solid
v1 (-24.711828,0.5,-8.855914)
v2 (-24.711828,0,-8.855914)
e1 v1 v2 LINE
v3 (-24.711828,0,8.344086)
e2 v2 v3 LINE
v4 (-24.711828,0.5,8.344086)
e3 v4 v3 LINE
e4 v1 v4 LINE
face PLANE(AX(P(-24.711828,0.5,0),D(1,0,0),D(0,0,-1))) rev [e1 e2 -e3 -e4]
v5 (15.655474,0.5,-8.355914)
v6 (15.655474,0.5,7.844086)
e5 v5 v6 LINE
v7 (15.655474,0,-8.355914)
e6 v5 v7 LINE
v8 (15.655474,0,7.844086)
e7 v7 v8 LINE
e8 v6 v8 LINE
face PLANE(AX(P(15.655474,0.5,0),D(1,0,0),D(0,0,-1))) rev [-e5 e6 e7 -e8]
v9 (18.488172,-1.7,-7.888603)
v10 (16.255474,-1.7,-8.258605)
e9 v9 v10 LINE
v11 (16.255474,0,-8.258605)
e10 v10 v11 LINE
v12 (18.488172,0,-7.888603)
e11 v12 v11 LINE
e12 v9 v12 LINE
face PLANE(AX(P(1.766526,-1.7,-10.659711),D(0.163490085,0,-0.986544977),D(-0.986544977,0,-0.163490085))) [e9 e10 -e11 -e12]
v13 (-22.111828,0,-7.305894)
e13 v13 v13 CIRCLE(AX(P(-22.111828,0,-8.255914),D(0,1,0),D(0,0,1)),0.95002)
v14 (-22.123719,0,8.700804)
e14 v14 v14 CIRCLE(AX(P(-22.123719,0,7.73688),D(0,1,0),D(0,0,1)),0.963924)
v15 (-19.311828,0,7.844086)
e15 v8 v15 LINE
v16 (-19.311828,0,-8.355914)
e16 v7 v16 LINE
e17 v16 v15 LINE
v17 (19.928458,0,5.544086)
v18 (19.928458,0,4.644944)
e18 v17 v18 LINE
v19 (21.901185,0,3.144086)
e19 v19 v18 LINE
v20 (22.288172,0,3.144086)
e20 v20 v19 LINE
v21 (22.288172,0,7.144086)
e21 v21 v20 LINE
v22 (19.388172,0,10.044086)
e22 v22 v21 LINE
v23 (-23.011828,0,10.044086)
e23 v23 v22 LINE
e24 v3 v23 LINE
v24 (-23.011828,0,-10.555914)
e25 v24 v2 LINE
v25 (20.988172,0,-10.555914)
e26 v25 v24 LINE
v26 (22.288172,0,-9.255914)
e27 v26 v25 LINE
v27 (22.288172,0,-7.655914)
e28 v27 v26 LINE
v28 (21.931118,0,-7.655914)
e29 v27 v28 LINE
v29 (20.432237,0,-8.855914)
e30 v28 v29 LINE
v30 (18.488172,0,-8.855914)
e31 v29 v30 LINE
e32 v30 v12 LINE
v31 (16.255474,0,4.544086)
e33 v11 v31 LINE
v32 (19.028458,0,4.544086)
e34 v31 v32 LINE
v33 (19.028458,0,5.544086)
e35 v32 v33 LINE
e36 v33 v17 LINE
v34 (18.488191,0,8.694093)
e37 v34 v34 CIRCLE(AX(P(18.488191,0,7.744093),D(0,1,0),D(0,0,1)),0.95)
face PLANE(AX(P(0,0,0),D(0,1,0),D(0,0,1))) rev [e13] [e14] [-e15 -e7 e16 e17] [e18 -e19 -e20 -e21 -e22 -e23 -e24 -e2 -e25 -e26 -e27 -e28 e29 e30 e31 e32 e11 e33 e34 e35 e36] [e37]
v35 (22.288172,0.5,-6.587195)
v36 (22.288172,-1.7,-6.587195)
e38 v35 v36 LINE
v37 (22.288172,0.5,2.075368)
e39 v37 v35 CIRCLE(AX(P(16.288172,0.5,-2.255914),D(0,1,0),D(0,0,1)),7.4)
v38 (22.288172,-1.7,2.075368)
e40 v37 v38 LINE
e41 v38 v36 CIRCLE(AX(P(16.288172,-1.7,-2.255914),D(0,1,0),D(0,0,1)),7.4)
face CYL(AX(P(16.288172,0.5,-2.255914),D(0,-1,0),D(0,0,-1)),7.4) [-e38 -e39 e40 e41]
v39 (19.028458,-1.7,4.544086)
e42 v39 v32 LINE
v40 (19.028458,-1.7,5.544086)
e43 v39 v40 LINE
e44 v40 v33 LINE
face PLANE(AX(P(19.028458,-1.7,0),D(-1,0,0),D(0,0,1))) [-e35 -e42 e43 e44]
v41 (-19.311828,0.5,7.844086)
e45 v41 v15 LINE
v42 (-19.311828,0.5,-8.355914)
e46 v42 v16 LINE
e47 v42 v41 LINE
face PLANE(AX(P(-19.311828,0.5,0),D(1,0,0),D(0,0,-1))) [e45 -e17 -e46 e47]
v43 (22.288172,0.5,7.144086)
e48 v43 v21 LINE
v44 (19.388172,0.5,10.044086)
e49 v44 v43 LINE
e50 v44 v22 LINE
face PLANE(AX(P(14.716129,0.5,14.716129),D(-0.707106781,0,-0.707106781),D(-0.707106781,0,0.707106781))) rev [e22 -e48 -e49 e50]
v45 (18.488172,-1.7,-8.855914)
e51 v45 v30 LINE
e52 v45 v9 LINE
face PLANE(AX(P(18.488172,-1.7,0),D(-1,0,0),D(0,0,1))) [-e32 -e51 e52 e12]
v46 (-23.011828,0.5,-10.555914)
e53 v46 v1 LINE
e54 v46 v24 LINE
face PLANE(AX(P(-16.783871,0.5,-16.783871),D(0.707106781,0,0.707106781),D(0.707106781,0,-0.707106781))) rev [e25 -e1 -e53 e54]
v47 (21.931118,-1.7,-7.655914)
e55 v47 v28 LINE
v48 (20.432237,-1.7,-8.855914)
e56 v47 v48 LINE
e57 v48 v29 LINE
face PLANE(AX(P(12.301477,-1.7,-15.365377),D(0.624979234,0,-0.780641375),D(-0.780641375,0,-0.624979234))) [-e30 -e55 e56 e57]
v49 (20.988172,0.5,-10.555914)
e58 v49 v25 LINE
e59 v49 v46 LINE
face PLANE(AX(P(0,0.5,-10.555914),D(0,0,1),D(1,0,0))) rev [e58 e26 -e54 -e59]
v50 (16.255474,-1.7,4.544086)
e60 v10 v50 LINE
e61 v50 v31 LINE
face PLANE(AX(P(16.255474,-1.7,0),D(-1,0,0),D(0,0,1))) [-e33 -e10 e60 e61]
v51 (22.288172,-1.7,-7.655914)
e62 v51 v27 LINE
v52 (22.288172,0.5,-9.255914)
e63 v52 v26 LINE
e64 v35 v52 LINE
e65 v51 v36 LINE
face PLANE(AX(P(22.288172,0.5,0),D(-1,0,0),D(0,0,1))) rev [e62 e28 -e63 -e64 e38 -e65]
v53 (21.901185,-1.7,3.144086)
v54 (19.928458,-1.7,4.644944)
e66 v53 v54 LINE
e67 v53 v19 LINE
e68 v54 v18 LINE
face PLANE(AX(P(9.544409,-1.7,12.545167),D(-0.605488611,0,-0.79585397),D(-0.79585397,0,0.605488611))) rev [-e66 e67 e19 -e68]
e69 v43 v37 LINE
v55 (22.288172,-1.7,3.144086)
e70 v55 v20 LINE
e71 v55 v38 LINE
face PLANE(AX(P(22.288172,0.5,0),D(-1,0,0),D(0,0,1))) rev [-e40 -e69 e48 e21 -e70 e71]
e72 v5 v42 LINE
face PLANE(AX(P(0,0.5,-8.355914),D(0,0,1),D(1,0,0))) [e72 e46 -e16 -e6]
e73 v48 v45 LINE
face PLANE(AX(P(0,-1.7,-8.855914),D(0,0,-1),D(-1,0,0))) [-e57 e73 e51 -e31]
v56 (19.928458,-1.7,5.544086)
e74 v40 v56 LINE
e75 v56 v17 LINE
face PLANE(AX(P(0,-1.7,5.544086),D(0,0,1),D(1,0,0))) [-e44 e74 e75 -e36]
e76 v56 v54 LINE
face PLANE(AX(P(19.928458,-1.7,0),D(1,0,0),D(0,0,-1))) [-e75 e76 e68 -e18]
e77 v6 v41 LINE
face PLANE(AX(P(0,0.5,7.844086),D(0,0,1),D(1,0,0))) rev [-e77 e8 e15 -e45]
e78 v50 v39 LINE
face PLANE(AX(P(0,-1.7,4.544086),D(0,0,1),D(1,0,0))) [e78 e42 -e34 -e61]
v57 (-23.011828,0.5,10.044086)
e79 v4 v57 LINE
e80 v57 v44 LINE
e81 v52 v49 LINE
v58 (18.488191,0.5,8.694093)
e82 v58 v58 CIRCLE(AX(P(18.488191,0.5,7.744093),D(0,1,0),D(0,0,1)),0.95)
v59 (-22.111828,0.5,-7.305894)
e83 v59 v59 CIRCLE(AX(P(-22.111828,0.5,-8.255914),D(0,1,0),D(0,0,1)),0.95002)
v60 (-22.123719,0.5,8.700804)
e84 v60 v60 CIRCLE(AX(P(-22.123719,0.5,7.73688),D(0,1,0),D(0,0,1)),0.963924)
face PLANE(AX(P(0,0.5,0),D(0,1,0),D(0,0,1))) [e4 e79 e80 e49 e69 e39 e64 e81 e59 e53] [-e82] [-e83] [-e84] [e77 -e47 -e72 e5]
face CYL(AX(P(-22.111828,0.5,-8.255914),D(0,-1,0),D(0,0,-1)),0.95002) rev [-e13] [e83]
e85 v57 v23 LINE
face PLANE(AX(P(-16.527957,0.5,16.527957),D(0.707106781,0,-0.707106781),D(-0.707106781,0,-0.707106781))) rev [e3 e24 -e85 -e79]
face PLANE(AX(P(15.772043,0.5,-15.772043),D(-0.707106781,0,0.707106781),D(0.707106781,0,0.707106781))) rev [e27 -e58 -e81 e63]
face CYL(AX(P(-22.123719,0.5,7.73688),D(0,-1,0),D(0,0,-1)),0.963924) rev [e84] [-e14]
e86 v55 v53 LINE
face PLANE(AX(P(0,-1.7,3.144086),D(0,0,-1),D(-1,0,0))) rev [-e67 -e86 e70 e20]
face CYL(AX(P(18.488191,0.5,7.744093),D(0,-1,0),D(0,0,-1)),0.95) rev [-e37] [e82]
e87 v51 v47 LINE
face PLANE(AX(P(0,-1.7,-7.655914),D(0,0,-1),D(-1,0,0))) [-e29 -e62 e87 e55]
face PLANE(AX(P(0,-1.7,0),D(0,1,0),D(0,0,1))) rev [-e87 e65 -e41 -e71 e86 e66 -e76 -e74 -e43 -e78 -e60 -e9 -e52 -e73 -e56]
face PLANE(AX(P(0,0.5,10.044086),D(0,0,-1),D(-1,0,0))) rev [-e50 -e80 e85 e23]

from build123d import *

# Parameters (mm, degrees)
SKETCH_1_W          = 34.967301983
SKETCH_1_H          = 16.2
EXTRUDE_1_DEPTH     = 0.5
EXTRUDE_START       = -1.7
EXTRUDE_2_DEPTH     = 1.7
SKETCH_2_R          = 0.950019994
SKETCH_2_R_2        = 0.963923892
SKETCH_2_R_3        = 0.95
CUT_EXTRUDE_4_DEPTH = 27.925670861


with BuildPart() as part:
    # Эскиз1 → Бобышка-Вытянуть1 (new body)
    with BuildSketch(Plane(origin=(0, 0, 0), x_dir=(1, 0, 0), z_dir=(0, 1, 0))):
        with BuildLine():
            Line((22.288172203, 9.255913898), (20.988172203, 10.555913898))
            Line((20.988172203, 10.555913898), (-23.011827797, 10.555913898))
            Line((-23.011827797, 10.555913898), (-24.711827797, 8.855913898))
            Line((-24.711827797, 8.855913898), (-24.711827797, -8.344086102))
            Line((-24.711827797, -8.344086102), (-23.011827797, -10.044086102))
            Line((-23.011827797, -10.044086102), (19.388172203, -10.044086102))
            Line((19.388172203, -10.044086102), (22.288172203, -7.144086102))
            Line((22.288172203, -7.144086102), (22.288172203, -2.075367667))
            ThreePointArc((22.288172203, -2.075367667), (23.688172203, 2.255913898), (22.288172203, 6.587195464))
            Line((22.288172203, 6.587195464), (22.288172203, 9.255913898))
        make_face()
        with Locations((-1.828176806, 0.255913898)):
            Rectangle(SKETCH_1_W, SKETCH_1_H, mode=Mode.SUBTRACT)
    extrude(amount=EXTRUDE_1_DEPTH)

    # Эскиз1<3> → Бобышка-Вытянуть2 (add)
    with BuildSketch(Plane(origin=(0, 0, 0), x_dir=(1, 0, 0), z_dir=(0, 1, 0)).offset(EXTRUDE_START)):
        with BuildLine():
            Line((22.288172203, 6.587195464), (22.288172203, 7.655913898))
            Line((22.288172203, 7.655913898), (21.931117854, 7.655913898))
            Line((21.931117854, 7.655913898), (20.432236612, 8.855913898))
            Line((20.432236612, 8.855913898), (18.488172203, 8.855913898))
            Line((18.488172203, 8.855913898), (18.488172203, 7.888602523))
            Line((18.488172203, 7.888602523), (16.255474186, 8.258604903))
            Line((16.255474186, 8.258604903), (16.255474186, -4.544086102))
            Line((16.255474186, -4.544086102), (19.028457532, -4.544086102))
            Line((19.028457532, -4.544086102), (19.028457532, -5.544086102))
            Line((19.028457532, -5.544086102), (19.928457532, -5.544086102))
            Line((19.928457532, -5.544086102), (19.928457532, -4.644944449))
            Line((19.928457532, -4.644944449), (21.901185097, -3.144086102))
            Line((21.901185097, -3.144086102), (22.288172203, -3.144086102))
            Line((22.288172203, -3.144086102), (22.288172203, -2.075367667))
            ThreePointArc((22.288172203, -2.075367667), (23.688172203, 2.255913898), (22.288172203, 6.587195464))
        make_face()
    extrude(amount=EXTRUDE_2_DEPTH)

    # Эскиз2 → Вырез-Вытянуть4 (cut, through all)
    with BuildSketch(Plane(origin=(0, 0, 0), x_dir=(1, 0, 0), z_dir=(0, 1, 0))):
        with Locations((-22.111827797, 8.255913898)):
            Circle(SKETCH_2_R)
        with Locations((-22.123719351, -7.736880442)):
            Circle(SKETCH_2_R_2)
        with Locations((18.488191089, -7.744092667)):
            Circle(SKETCH_2_R_3)
    extrude(amount=CUT_EXTRUDE_4_DEPTH, mode=Mode.SUBTRACT)


solid = part.part
